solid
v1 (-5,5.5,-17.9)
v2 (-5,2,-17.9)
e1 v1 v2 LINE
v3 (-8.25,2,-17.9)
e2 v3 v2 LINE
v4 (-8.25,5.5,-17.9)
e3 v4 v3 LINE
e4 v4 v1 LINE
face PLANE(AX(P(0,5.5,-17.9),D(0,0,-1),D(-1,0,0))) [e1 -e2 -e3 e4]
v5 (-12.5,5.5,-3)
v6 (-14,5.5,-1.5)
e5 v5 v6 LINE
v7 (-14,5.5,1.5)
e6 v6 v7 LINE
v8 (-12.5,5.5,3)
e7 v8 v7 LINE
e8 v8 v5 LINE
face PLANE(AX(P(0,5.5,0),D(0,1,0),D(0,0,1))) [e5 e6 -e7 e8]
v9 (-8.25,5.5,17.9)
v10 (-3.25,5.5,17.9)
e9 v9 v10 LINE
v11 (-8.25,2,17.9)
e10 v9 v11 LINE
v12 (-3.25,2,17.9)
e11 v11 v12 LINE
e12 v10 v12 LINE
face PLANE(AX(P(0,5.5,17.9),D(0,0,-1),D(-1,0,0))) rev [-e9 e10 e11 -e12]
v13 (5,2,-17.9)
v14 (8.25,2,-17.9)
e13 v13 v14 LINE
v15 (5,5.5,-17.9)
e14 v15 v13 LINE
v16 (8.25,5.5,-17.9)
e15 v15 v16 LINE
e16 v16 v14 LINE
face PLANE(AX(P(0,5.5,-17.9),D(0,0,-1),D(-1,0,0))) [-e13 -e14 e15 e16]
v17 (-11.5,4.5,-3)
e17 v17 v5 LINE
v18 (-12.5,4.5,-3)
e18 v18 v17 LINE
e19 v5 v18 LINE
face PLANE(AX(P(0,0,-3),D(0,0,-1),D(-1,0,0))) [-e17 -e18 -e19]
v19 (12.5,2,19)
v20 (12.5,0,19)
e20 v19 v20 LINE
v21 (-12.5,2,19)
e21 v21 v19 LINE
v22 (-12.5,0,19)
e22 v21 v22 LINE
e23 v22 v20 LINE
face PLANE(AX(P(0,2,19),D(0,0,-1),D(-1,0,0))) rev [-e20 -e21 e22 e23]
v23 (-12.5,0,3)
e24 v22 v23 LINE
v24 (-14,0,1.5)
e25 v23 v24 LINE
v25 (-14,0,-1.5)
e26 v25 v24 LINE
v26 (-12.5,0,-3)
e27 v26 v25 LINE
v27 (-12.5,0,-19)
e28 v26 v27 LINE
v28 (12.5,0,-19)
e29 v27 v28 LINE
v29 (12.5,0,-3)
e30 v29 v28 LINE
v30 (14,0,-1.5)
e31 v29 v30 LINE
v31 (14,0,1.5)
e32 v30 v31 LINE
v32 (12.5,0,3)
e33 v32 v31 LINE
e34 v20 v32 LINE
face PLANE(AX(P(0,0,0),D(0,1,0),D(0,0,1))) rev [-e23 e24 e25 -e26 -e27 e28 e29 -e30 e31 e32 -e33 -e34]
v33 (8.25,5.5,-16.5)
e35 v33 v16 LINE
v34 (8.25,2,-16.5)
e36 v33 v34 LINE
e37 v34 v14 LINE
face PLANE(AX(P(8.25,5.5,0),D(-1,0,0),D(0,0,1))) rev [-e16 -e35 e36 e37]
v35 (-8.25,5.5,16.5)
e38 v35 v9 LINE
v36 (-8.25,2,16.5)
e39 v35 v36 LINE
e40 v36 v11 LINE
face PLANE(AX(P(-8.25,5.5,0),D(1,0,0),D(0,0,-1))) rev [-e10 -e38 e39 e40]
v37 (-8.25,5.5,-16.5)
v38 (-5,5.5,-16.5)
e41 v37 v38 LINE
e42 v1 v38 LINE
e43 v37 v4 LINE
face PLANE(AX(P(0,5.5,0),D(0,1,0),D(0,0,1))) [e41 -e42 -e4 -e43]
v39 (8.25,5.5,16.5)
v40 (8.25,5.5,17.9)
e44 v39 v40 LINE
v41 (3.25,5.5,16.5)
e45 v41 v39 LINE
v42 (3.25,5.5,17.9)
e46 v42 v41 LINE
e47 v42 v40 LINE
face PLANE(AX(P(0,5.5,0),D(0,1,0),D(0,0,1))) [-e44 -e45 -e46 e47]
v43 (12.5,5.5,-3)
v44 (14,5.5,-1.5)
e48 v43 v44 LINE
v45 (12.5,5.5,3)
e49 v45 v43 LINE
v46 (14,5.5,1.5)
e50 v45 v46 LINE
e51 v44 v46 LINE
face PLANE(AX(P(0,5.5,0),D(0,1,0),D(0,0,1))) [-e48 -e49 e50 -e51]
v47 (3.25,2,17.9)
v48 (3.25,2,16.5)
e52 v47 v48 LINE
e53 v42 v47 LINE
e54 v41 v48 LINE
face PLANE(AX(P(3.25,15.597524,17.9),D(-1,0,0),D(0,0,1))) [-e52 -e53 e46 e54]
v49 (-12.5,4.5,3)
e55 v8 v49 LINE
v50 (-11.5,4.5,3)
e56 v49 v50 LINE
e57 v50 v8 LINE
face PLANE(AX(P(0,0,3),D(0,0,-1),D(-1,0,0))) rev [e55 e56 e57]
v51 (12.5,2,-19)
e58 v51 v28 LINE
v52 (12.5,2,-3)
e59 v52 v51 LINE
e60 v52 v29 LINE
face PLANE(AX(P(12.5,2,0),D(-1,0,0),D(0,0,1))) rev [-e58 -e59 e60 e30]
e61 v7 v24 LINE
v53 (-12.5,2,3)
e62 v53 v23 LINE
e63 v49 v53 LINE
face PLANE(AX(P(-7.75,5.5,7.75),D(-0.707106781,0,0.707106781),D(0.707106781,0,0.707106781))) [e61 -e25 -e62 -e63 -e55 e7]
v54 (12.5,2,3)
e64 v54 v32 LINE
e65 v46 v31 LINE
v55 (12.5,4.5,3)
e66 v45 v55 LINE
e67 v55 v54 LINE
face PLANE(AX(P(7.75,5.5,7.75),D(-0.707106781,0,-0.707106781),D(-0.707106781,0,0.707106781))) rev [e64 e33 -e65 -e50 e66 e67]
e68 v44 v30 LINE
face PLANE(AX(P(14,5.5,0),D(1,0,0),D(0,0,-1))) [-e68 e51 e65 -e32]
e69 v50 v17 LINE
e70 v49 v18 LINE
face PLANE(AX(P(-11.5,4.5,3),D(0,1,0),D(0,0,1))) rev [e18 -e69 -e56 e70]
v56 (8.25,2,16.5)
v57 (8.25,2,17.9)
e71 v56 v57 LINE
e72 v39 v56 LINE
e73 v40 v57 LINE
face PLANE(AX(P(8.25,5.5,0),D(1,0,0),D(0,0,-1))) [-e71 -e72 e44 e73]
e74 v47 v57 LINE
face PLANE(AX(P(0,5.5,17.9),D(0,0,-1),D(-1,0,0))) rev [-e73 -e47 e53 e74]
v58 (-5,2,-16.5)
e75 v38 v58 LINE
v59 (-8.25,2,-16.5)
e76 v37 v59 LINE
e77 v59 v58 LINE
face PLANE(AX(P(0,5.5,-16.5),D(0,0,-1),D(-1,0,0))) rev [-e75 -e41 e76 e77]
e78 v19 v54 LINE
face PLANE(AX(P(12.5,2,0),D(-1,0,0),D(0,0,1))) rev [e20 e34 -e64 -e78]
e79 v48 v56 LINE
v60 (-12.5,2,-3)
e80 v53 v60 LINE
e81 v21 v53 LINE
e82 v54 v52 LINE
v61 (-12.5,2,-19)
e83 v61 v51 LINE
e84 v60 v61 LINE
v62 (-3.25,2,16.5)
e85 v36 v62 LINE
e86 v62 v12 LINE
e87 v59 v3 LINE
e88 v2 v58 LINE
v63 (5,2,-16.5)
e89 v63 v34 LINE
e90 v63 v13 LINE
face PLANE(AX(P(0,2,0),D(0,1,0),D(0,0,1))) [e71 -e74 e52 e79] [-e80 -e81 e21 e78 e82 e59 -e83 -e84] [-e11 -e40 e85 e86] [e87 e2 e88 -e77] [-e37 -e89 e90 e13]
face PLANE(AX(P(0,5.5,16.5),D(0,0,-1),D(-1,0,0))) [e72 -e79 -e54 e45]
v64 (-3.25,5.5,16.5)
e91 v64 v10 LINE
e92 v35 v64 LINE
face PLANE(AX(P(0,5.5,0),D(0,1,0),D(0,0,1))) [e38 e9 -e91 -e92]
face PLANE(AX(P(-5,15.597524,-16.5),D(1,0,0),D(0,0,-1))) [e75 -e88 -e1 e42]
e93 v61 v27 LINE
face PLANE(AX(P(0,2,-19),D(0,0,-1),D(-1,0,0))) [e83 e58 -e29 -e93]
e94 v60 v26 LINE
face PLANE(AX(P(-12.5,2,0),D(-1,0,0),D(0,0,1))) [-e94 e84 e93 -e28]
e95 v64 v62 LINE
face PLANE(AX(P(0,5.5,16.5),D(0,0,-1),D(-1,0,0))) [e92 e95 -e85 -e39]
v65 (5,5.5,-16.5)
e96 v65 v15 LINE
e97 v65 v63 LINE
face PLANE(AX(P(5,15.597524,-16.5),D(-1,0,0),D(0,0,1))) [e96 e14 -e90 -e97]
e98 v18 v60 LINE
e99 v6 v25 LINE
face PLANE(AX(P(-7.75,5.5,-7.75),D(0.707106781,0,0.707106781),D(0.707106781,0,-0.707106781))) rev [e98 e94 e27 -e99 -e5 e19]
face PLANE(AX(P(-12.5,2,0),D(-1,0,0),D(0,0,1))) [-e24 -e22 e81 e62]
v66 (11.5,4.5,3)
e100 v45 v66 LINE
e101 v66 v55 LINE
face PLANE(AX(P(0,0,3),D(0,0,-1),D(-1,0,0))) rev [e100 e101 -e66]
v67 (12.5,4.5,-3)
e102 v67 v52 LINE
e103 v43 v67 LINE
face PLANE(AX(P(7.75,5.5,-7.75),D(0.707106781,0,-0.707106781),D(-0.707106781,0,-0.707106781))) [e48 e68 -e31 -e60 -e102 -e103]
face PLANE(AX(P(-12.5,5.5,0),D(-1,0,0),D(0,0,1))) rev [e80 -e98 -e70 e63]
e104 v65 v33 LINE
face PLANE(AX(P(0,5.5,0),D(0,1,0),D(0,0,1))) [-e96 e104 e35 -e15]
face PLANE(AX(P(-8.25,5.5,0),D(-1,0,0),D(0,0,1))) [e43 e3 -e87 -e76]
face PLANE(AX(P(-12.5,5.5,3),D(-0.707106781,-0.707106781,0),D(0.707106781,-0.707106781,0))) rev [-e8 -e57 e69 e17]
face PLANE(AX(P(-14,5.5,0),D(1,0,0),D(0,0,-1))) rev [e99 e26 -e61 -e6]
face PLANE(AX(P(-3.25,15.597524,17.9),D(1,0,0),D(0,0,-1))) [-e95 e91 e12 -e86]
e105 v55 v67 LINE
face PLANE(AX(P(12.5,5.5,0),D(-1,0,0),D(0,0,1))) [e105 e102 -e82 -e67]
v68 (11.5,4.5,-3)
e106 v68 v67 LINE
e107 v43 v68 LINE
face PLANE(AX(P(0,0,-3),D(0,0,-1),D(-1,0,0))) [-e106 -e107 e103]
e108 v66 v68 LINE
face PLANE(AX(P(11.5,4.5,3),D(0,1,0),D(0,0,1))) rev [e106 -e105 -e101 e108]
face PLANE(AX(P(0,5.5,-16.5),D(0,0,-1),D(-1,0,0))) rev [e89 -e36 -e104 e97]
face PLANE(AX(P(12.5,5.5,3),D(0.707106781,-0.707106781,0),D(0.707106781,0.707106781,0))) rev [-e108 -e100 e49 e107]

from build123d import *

# Parameters (mm, degrees)
SKETCH1_W                = 25
SKETCH1_H                = 38
SKETCH1_W_2              = 16.5
SKETCH1_H_2              = 1.4
BOSS_EXTRUDE1_DEPTH      = 2
SKETCH1_3_W              = 16.5
SKETCH1_3_H              = 1.4
BOSS_EXTRUDE2_DEPTH      = 5.5
BOSS_EXTRUDE3_DEPTH      = 3
BOSS_EXTRUDE3_DEPTH_BACK = 3
SKETCH3_W                = 6.5
SKETCH3_H                = 1.4
SKETCH3_W_2              = 10
CUT_EXTRUDE1_DEPTH       = 3.5


with BuildPart() as part:
    # Sketch1 → Boss-Extrude1 (new body)
    with BuildSketch(Plane(origin=(0, 0, 0), x_dir=(1, 0, 0), z_dir=(0, 1, 0))):
        Rectangle(SKETCH1_W, SKETCH1_H)
        with Locations((0, -17.2)):
            Rectangle(SKETCH1_W_2, SKETCH1_H_2, mode=Mode.SUBTRACT)
        with Locations((0, 17.2)):
            Rectangle(SKETCH1_W_2, SKETCH1_H_2, mode=Mode.SUBTRACT)
    extrude(amount=BOSS_EXTRUDE1_DEPTH)

    # Sketch1<3> → Boss-Extrude2 (add)
    with BuildSketch(Plane(origin=(0, 0, 0), x_dir=(1, 0, 0), z_dir=(0, 1, 0))):
        Polygon((-14, -1.5), (-12.5, -3), (-12.5, 3), (-14, 1.5), align=None)
        Polygon((12.5, 3), (12.5, -3), (14, -1.5), (14, 1.5), align=None)
        with Locations((0, 17.2)):
            Rectangle(SKETCH1_3_W, SKETCH1_3_H)
        with Locations((0, -17.2)):
            Rectangle(SKETCH1_3_W, SKETCH1_3_H)
    extrude(amount=BOSS_EXTRUDE2_DEPTH)

    # Sketch2 → Boss-Extrude3 (add, two sides: drawn at the far end of the back side and taken through both)
    with BuildSketch(Plane.XY.offset(-BOSS_EXTRUDE3_DEPTH_BACK)):
        Polygon((12.5, 5.5), (11.5, 4.5), (12.5, 4.5), align=None)
        Polygon((-11.5, 4.5), (-12.5, 4.5), (-12.5, 5.5), align=None)
    extrude(amount=BOSS_EXTRUDE3_DEPTH + BOSS_EXTRUDE3_DEPTH_BACK)

    # Sketch3 → Cut-Extrude1 (cut)
    with BuildSketch(Plane(origin=(0, 2, 0), x_dir=(1, 0, 0), z_dir=(0, 1, 0))):
        with Locations((0, -17.2)):
            Rectangle(SKETCH3_W, SKETCH3_H)
        with Locations((0, 17.2)):
            Rectangle(SKETCH3_W_2, SKETCH3_H)
    extrude(amount=CUT_EXTRUDE1_DEPTH, mode=Mode.SUBTRACT)


solid = part.part
